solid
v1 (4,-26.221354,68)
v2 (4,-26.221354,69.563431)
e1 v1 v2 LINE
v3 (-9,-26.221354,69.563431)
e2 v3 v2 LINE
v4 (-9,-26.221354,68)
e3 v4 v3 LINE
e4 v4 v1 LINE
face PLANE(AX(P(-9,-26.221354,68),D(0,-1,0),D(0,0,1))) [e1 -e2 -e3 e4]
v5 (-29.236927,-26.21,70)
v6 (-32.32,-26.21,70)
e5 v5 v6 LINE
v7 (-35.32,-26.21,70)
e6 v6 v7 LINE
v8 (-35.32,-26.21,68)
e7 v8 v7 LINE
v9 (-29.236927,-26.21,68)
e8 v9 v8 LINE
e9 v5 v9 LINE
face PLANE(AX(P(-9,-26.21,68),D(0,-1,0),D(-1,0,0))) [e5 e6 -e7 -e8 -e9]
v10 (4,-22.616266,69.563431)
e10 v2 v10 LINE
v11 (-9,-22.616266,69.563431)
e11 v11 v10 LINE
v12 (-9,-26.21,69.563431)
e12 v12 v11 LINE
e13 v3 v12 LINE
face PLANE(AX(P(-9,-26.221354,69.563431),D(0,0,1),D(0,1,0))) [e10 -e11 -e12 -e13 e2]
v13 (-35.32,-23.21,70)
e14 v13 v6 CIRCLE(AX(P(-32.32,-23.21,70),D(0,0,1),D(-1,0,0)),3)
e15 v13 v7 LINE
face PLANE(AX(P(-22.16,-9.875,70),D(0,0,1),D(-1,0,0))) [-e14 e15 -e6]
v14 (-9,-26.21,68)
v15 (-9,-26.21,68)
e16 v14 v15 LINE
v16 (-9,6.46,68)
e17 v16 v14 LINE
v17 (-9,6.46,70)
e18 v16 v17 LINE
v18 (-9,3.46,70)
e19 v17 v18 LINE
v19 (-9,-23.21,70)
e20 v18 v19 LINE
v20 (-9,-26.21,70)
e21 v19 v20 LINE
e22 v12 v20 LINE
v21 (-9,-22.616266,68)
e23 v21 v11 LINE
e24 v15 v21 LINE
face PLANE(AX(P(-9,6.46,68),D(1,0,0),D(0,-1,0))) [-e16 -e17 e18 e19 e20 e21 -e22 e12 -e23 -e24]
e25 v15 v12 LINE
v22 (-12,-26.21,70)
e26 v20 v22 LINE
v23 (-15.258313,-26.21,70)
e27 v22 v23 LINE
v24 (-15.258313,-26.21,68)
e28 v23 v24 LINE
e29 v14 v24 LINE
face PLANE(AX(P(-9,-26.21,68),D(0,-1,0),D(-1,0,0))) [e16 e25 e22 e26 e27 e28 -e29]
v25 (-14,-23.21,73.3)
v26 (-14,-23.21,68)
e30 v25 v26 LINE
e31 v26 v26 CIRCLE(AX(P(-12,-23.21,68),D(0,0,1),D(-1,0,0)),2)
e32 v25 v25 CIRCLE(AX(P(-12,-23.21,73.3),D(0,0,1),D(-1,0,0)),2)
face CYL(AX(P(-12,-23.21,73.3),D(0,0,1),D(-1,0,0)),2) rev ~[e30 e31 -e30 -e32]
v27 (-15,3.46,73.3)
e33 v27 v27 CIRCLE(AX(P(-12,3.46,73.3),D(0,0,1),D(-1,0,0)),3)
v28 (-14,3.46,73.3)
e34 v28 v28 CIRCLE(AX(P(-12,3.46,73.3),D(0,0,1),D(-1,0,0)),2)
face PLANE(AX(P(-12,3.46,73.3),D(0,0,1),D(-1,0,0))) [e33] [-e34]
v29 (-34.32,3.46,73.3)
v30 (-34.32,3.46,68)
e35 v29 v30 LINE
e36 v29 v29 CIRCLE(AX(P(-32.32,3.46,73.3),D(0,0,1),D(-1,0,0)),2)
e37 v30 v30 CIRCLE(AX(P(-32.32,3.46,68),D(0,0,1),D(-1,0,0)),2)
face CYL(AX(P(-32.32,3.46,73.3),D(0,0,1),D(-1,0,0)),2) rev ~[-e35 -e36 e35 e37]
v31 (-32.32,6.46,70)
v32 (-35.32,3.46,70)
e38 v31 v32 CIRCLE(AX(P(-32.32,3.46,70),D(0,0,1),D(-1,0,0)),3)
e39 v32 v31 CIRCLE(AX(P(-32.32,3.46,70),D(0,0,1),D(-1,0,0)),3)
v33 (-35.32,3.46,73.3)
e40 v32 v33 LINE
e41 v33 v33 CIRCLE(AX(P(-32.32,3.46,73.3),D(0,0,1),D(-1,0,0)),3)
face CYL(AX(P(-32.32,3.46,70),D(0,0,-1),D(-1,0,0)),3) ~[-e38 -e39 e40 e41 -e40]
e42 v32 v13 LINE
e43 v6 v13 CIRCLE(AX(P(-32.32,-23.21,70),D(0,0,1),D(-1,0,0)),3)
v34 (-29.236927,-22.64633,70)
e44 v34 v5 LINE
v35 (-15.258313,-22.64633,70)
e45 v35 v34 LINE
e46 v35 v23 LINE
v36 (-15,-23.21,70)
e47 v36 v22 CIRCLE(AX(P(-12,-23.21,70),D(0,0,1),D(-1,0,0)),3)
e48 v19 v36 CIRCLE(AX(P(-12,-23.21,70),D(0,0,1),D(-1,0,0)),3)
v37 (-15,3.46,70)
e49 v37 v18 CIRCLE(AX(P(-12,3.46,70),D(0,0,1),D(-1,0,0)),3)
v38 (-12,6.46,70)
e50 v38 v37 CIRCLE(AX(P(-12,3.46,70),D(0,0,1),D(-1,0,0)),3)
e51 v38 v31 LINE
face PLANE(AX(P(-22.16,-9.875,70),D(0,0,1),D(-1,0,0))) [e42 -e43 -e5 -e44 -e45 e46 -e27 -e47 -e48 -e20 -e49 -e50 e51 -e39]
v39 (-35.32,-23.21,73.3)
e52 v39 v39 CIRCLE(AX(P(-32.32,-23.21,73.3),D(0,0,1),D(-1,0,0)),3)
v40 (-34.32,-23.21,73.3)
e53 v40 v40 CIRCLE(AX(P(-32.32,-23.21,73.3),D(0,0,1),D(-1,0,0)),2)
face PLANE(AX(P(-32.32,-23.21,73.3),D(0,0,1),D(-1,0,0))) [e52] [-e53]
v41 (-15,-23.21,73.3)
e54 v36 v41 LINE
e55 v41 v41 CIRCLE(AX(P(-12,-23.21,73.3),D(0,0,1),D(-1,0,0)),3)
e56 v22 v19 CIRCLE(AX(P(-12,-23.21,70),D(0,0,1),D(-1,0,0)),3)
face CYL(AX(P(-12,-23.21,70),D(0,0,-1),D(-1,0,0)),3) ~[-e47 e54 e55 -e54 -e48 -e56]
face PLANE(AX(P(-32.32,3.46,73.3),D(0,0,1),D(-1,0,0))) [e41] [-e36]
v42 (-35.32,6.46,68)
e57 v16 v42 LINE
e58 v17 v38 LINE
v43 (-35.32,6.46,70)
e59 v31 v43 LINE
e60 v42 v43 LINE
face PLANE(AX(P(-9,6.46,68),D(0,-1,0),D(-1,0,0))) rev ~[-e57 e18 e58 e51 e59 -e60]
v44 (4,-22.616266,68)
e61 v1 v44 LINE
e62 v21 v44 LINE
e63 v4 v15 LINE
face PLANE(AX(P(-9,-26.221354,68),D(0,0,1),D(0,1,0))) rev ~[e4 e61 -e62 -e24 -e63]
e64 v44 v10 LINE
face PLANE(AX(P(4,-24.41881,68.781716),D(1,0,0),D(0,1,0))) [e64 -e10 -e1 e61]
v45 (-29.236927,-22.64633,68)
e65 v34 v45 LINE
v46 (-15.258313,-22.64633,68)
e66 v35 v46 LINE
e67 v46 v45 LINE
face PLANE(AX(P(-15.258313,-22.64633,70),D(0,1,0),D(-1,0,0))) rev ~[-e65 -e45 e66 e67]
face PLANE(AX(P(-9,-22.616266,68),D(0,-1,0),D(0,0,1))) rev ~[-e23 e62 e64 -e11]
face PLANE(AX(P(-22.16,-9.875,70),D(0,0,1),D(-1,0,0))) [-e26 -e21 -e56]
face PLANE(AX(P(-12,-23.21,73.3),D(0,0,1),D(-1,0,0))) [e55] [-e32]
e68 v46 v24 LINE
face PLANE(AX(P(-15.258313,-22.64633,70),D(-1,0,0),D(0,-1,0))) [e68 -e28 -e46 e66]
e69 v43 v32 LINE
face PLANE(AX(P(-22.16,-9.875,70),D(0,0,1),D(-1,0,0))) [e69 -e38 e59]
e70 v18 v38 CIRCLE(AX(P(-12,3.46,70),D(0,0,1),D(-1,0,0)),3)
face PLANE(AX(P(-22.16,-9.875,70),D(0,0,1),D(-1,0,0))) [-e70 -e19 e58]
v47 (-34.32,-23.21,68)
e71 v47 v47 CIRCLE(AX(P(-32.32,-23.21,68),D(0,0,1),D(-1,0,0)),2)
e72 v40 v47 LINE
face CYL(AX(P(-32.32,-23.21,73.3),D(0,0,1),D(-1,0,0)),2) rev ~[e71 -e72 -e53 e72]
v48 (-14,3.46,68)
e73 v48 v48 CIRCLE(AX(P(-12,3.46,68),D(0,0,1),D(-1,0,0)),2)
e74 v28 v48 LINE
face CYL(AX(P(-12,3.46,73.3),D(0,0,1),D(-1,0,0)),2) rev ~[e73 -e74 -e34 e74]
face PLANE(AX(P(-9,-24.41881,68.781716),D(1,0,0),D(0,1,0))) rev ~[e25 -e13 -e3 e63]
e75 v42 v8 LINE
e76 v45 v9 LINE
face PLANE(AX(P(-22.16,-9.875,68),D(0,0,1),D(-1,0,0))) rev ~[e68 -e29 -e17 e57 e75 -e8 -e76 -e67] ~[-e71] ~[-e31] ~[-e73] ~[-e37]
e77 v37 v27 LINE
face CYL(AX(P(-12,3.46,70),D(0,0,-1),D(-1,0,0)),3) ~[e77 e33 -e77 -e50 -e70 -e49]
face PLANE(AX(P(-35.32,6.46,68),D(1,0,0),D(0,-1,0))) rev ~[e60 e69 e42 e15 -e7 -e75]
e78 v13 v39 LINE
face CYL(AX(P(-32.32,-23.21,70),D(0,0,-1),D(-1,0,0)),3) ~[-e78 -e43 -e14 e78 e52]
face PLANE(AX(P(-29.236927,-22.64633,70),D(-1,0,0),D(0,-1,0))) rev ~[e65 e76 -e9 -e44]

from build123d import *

# Parameters (mm, degrees)
SKETCH001_W             = 26.32
SKETCH001_H             = 32.67
PAD009_DEPTH            = 2
SKETCH004_R             = 3
SKETCH004_R_2           = 2
PAD010_DEPTH            = 3.3
SKETCH006_W             = 3.605088
SKETCH006_H             = 1.563431
PAD013_DEPTH            = 13
SKETCH015_R             = 2
POCKET_DEPTH            = 5.301
SKETCH016_W             = 13.978614
SKETCH016_H             = 3.56367
POCKET001_DEPTH         = 2.001
BODY002_PLACEMENT_ANGLE = 180


with BuildPart() as part:
    # Sketch001 → Pad009 (new body)
    with BuildSketch(Plane.XY):
        with Locations((12.7, 15.875)):
            Rectangle(SKETCH001_W, SKETCH001_H)
    extrude(amount=PAD009_DEPTH)

    # Sketch004 (on Face6 of Pad009) → Pad010 (join)
    with BuildSketch(Plane.XY.offset(2)):
        with Locations((2.54, 29.21)):
            Circle(SKETCH004_R)
        with Locations((2.54, 29.21)):
            Circle(SKETCH004_R_2, mode=Mode.SUBTRACT)
        with Locations((22.86, 29.21)):
            Circle(SKETCH004_R)
        with Locations((22.86, 29.21)):
            Circle(SKETCH004_R_2, mode=Mode.SUBTRACT)
        with Locations((22.86, 2.54)):
            Circle(SKETCH004_R)
        with Locations((22.86, 2.54)):
            Circle(SKETCH004_R_2, mode=Mode.SUBTRACT)
        with Locations((2.54, 2.54)):
            Circle(SKETCH004_R)
        with Locations((2.54, 2.54)):
            Circle(SKETCH004_R_2, mode=Mode.SUBTRACT)
    extrude(amount=PAD010_DEPTH)

    # Sketch006 (on Face1 of Pad010) → Pad013 (join)
    with BuildSketch(Plane(origin=(-0.46, 0, 0), x_dir=(0, -1, 0), z_dir=(-1, 0, 0))):
        with Locations((-30.41881, 0.781716)):
            Rectangle(SKETCH006_W, SKETCH006_H)
    extrude(amount=PAD013_DEPTH)

    # Sketch015 (on Face22 of Pad013) → Pocket (cut, through all)
    with BuildSketch(Plane.XY.offset(5.3)):
        with Locations((2.54, 29.21)):
            Circle(SKETCH015_R)
        with Locations((22.86, 29.21)):
            Circle(SKETCH015_R)
        with Locations((22.86, 2.54)):
            Circle(SKETCH015_R)
        with Locations((2.54, 2.54)):
            Circle(SKETCH015_R)
    extrude(amount=-POCKET_DEPTH, mode=Mode.SUBTRACT)

    # Sketch016 (on Face7 of Pocket) → Pocket001 (cut, through all)
    with BuildSketch(Plane.XY.offset(2)):
        with Locations((12.78762, 30.428165)):
            Rectangle(SKETCH016_W, SKETCH016_H)
    extrude(amount=-POCKET001_DEPTH, mode=Mode.SUBTRACT)


with BuildPart() as part_1:
    # Body002 placement: moved
    add(part.part.moved(Location((-9.46, 6, 68))).rotate(Axis((-9.46, 6, 68), (0, 0, 1)), BODY002_PLACEMENT_ANGLE))


solid = part_1.part
